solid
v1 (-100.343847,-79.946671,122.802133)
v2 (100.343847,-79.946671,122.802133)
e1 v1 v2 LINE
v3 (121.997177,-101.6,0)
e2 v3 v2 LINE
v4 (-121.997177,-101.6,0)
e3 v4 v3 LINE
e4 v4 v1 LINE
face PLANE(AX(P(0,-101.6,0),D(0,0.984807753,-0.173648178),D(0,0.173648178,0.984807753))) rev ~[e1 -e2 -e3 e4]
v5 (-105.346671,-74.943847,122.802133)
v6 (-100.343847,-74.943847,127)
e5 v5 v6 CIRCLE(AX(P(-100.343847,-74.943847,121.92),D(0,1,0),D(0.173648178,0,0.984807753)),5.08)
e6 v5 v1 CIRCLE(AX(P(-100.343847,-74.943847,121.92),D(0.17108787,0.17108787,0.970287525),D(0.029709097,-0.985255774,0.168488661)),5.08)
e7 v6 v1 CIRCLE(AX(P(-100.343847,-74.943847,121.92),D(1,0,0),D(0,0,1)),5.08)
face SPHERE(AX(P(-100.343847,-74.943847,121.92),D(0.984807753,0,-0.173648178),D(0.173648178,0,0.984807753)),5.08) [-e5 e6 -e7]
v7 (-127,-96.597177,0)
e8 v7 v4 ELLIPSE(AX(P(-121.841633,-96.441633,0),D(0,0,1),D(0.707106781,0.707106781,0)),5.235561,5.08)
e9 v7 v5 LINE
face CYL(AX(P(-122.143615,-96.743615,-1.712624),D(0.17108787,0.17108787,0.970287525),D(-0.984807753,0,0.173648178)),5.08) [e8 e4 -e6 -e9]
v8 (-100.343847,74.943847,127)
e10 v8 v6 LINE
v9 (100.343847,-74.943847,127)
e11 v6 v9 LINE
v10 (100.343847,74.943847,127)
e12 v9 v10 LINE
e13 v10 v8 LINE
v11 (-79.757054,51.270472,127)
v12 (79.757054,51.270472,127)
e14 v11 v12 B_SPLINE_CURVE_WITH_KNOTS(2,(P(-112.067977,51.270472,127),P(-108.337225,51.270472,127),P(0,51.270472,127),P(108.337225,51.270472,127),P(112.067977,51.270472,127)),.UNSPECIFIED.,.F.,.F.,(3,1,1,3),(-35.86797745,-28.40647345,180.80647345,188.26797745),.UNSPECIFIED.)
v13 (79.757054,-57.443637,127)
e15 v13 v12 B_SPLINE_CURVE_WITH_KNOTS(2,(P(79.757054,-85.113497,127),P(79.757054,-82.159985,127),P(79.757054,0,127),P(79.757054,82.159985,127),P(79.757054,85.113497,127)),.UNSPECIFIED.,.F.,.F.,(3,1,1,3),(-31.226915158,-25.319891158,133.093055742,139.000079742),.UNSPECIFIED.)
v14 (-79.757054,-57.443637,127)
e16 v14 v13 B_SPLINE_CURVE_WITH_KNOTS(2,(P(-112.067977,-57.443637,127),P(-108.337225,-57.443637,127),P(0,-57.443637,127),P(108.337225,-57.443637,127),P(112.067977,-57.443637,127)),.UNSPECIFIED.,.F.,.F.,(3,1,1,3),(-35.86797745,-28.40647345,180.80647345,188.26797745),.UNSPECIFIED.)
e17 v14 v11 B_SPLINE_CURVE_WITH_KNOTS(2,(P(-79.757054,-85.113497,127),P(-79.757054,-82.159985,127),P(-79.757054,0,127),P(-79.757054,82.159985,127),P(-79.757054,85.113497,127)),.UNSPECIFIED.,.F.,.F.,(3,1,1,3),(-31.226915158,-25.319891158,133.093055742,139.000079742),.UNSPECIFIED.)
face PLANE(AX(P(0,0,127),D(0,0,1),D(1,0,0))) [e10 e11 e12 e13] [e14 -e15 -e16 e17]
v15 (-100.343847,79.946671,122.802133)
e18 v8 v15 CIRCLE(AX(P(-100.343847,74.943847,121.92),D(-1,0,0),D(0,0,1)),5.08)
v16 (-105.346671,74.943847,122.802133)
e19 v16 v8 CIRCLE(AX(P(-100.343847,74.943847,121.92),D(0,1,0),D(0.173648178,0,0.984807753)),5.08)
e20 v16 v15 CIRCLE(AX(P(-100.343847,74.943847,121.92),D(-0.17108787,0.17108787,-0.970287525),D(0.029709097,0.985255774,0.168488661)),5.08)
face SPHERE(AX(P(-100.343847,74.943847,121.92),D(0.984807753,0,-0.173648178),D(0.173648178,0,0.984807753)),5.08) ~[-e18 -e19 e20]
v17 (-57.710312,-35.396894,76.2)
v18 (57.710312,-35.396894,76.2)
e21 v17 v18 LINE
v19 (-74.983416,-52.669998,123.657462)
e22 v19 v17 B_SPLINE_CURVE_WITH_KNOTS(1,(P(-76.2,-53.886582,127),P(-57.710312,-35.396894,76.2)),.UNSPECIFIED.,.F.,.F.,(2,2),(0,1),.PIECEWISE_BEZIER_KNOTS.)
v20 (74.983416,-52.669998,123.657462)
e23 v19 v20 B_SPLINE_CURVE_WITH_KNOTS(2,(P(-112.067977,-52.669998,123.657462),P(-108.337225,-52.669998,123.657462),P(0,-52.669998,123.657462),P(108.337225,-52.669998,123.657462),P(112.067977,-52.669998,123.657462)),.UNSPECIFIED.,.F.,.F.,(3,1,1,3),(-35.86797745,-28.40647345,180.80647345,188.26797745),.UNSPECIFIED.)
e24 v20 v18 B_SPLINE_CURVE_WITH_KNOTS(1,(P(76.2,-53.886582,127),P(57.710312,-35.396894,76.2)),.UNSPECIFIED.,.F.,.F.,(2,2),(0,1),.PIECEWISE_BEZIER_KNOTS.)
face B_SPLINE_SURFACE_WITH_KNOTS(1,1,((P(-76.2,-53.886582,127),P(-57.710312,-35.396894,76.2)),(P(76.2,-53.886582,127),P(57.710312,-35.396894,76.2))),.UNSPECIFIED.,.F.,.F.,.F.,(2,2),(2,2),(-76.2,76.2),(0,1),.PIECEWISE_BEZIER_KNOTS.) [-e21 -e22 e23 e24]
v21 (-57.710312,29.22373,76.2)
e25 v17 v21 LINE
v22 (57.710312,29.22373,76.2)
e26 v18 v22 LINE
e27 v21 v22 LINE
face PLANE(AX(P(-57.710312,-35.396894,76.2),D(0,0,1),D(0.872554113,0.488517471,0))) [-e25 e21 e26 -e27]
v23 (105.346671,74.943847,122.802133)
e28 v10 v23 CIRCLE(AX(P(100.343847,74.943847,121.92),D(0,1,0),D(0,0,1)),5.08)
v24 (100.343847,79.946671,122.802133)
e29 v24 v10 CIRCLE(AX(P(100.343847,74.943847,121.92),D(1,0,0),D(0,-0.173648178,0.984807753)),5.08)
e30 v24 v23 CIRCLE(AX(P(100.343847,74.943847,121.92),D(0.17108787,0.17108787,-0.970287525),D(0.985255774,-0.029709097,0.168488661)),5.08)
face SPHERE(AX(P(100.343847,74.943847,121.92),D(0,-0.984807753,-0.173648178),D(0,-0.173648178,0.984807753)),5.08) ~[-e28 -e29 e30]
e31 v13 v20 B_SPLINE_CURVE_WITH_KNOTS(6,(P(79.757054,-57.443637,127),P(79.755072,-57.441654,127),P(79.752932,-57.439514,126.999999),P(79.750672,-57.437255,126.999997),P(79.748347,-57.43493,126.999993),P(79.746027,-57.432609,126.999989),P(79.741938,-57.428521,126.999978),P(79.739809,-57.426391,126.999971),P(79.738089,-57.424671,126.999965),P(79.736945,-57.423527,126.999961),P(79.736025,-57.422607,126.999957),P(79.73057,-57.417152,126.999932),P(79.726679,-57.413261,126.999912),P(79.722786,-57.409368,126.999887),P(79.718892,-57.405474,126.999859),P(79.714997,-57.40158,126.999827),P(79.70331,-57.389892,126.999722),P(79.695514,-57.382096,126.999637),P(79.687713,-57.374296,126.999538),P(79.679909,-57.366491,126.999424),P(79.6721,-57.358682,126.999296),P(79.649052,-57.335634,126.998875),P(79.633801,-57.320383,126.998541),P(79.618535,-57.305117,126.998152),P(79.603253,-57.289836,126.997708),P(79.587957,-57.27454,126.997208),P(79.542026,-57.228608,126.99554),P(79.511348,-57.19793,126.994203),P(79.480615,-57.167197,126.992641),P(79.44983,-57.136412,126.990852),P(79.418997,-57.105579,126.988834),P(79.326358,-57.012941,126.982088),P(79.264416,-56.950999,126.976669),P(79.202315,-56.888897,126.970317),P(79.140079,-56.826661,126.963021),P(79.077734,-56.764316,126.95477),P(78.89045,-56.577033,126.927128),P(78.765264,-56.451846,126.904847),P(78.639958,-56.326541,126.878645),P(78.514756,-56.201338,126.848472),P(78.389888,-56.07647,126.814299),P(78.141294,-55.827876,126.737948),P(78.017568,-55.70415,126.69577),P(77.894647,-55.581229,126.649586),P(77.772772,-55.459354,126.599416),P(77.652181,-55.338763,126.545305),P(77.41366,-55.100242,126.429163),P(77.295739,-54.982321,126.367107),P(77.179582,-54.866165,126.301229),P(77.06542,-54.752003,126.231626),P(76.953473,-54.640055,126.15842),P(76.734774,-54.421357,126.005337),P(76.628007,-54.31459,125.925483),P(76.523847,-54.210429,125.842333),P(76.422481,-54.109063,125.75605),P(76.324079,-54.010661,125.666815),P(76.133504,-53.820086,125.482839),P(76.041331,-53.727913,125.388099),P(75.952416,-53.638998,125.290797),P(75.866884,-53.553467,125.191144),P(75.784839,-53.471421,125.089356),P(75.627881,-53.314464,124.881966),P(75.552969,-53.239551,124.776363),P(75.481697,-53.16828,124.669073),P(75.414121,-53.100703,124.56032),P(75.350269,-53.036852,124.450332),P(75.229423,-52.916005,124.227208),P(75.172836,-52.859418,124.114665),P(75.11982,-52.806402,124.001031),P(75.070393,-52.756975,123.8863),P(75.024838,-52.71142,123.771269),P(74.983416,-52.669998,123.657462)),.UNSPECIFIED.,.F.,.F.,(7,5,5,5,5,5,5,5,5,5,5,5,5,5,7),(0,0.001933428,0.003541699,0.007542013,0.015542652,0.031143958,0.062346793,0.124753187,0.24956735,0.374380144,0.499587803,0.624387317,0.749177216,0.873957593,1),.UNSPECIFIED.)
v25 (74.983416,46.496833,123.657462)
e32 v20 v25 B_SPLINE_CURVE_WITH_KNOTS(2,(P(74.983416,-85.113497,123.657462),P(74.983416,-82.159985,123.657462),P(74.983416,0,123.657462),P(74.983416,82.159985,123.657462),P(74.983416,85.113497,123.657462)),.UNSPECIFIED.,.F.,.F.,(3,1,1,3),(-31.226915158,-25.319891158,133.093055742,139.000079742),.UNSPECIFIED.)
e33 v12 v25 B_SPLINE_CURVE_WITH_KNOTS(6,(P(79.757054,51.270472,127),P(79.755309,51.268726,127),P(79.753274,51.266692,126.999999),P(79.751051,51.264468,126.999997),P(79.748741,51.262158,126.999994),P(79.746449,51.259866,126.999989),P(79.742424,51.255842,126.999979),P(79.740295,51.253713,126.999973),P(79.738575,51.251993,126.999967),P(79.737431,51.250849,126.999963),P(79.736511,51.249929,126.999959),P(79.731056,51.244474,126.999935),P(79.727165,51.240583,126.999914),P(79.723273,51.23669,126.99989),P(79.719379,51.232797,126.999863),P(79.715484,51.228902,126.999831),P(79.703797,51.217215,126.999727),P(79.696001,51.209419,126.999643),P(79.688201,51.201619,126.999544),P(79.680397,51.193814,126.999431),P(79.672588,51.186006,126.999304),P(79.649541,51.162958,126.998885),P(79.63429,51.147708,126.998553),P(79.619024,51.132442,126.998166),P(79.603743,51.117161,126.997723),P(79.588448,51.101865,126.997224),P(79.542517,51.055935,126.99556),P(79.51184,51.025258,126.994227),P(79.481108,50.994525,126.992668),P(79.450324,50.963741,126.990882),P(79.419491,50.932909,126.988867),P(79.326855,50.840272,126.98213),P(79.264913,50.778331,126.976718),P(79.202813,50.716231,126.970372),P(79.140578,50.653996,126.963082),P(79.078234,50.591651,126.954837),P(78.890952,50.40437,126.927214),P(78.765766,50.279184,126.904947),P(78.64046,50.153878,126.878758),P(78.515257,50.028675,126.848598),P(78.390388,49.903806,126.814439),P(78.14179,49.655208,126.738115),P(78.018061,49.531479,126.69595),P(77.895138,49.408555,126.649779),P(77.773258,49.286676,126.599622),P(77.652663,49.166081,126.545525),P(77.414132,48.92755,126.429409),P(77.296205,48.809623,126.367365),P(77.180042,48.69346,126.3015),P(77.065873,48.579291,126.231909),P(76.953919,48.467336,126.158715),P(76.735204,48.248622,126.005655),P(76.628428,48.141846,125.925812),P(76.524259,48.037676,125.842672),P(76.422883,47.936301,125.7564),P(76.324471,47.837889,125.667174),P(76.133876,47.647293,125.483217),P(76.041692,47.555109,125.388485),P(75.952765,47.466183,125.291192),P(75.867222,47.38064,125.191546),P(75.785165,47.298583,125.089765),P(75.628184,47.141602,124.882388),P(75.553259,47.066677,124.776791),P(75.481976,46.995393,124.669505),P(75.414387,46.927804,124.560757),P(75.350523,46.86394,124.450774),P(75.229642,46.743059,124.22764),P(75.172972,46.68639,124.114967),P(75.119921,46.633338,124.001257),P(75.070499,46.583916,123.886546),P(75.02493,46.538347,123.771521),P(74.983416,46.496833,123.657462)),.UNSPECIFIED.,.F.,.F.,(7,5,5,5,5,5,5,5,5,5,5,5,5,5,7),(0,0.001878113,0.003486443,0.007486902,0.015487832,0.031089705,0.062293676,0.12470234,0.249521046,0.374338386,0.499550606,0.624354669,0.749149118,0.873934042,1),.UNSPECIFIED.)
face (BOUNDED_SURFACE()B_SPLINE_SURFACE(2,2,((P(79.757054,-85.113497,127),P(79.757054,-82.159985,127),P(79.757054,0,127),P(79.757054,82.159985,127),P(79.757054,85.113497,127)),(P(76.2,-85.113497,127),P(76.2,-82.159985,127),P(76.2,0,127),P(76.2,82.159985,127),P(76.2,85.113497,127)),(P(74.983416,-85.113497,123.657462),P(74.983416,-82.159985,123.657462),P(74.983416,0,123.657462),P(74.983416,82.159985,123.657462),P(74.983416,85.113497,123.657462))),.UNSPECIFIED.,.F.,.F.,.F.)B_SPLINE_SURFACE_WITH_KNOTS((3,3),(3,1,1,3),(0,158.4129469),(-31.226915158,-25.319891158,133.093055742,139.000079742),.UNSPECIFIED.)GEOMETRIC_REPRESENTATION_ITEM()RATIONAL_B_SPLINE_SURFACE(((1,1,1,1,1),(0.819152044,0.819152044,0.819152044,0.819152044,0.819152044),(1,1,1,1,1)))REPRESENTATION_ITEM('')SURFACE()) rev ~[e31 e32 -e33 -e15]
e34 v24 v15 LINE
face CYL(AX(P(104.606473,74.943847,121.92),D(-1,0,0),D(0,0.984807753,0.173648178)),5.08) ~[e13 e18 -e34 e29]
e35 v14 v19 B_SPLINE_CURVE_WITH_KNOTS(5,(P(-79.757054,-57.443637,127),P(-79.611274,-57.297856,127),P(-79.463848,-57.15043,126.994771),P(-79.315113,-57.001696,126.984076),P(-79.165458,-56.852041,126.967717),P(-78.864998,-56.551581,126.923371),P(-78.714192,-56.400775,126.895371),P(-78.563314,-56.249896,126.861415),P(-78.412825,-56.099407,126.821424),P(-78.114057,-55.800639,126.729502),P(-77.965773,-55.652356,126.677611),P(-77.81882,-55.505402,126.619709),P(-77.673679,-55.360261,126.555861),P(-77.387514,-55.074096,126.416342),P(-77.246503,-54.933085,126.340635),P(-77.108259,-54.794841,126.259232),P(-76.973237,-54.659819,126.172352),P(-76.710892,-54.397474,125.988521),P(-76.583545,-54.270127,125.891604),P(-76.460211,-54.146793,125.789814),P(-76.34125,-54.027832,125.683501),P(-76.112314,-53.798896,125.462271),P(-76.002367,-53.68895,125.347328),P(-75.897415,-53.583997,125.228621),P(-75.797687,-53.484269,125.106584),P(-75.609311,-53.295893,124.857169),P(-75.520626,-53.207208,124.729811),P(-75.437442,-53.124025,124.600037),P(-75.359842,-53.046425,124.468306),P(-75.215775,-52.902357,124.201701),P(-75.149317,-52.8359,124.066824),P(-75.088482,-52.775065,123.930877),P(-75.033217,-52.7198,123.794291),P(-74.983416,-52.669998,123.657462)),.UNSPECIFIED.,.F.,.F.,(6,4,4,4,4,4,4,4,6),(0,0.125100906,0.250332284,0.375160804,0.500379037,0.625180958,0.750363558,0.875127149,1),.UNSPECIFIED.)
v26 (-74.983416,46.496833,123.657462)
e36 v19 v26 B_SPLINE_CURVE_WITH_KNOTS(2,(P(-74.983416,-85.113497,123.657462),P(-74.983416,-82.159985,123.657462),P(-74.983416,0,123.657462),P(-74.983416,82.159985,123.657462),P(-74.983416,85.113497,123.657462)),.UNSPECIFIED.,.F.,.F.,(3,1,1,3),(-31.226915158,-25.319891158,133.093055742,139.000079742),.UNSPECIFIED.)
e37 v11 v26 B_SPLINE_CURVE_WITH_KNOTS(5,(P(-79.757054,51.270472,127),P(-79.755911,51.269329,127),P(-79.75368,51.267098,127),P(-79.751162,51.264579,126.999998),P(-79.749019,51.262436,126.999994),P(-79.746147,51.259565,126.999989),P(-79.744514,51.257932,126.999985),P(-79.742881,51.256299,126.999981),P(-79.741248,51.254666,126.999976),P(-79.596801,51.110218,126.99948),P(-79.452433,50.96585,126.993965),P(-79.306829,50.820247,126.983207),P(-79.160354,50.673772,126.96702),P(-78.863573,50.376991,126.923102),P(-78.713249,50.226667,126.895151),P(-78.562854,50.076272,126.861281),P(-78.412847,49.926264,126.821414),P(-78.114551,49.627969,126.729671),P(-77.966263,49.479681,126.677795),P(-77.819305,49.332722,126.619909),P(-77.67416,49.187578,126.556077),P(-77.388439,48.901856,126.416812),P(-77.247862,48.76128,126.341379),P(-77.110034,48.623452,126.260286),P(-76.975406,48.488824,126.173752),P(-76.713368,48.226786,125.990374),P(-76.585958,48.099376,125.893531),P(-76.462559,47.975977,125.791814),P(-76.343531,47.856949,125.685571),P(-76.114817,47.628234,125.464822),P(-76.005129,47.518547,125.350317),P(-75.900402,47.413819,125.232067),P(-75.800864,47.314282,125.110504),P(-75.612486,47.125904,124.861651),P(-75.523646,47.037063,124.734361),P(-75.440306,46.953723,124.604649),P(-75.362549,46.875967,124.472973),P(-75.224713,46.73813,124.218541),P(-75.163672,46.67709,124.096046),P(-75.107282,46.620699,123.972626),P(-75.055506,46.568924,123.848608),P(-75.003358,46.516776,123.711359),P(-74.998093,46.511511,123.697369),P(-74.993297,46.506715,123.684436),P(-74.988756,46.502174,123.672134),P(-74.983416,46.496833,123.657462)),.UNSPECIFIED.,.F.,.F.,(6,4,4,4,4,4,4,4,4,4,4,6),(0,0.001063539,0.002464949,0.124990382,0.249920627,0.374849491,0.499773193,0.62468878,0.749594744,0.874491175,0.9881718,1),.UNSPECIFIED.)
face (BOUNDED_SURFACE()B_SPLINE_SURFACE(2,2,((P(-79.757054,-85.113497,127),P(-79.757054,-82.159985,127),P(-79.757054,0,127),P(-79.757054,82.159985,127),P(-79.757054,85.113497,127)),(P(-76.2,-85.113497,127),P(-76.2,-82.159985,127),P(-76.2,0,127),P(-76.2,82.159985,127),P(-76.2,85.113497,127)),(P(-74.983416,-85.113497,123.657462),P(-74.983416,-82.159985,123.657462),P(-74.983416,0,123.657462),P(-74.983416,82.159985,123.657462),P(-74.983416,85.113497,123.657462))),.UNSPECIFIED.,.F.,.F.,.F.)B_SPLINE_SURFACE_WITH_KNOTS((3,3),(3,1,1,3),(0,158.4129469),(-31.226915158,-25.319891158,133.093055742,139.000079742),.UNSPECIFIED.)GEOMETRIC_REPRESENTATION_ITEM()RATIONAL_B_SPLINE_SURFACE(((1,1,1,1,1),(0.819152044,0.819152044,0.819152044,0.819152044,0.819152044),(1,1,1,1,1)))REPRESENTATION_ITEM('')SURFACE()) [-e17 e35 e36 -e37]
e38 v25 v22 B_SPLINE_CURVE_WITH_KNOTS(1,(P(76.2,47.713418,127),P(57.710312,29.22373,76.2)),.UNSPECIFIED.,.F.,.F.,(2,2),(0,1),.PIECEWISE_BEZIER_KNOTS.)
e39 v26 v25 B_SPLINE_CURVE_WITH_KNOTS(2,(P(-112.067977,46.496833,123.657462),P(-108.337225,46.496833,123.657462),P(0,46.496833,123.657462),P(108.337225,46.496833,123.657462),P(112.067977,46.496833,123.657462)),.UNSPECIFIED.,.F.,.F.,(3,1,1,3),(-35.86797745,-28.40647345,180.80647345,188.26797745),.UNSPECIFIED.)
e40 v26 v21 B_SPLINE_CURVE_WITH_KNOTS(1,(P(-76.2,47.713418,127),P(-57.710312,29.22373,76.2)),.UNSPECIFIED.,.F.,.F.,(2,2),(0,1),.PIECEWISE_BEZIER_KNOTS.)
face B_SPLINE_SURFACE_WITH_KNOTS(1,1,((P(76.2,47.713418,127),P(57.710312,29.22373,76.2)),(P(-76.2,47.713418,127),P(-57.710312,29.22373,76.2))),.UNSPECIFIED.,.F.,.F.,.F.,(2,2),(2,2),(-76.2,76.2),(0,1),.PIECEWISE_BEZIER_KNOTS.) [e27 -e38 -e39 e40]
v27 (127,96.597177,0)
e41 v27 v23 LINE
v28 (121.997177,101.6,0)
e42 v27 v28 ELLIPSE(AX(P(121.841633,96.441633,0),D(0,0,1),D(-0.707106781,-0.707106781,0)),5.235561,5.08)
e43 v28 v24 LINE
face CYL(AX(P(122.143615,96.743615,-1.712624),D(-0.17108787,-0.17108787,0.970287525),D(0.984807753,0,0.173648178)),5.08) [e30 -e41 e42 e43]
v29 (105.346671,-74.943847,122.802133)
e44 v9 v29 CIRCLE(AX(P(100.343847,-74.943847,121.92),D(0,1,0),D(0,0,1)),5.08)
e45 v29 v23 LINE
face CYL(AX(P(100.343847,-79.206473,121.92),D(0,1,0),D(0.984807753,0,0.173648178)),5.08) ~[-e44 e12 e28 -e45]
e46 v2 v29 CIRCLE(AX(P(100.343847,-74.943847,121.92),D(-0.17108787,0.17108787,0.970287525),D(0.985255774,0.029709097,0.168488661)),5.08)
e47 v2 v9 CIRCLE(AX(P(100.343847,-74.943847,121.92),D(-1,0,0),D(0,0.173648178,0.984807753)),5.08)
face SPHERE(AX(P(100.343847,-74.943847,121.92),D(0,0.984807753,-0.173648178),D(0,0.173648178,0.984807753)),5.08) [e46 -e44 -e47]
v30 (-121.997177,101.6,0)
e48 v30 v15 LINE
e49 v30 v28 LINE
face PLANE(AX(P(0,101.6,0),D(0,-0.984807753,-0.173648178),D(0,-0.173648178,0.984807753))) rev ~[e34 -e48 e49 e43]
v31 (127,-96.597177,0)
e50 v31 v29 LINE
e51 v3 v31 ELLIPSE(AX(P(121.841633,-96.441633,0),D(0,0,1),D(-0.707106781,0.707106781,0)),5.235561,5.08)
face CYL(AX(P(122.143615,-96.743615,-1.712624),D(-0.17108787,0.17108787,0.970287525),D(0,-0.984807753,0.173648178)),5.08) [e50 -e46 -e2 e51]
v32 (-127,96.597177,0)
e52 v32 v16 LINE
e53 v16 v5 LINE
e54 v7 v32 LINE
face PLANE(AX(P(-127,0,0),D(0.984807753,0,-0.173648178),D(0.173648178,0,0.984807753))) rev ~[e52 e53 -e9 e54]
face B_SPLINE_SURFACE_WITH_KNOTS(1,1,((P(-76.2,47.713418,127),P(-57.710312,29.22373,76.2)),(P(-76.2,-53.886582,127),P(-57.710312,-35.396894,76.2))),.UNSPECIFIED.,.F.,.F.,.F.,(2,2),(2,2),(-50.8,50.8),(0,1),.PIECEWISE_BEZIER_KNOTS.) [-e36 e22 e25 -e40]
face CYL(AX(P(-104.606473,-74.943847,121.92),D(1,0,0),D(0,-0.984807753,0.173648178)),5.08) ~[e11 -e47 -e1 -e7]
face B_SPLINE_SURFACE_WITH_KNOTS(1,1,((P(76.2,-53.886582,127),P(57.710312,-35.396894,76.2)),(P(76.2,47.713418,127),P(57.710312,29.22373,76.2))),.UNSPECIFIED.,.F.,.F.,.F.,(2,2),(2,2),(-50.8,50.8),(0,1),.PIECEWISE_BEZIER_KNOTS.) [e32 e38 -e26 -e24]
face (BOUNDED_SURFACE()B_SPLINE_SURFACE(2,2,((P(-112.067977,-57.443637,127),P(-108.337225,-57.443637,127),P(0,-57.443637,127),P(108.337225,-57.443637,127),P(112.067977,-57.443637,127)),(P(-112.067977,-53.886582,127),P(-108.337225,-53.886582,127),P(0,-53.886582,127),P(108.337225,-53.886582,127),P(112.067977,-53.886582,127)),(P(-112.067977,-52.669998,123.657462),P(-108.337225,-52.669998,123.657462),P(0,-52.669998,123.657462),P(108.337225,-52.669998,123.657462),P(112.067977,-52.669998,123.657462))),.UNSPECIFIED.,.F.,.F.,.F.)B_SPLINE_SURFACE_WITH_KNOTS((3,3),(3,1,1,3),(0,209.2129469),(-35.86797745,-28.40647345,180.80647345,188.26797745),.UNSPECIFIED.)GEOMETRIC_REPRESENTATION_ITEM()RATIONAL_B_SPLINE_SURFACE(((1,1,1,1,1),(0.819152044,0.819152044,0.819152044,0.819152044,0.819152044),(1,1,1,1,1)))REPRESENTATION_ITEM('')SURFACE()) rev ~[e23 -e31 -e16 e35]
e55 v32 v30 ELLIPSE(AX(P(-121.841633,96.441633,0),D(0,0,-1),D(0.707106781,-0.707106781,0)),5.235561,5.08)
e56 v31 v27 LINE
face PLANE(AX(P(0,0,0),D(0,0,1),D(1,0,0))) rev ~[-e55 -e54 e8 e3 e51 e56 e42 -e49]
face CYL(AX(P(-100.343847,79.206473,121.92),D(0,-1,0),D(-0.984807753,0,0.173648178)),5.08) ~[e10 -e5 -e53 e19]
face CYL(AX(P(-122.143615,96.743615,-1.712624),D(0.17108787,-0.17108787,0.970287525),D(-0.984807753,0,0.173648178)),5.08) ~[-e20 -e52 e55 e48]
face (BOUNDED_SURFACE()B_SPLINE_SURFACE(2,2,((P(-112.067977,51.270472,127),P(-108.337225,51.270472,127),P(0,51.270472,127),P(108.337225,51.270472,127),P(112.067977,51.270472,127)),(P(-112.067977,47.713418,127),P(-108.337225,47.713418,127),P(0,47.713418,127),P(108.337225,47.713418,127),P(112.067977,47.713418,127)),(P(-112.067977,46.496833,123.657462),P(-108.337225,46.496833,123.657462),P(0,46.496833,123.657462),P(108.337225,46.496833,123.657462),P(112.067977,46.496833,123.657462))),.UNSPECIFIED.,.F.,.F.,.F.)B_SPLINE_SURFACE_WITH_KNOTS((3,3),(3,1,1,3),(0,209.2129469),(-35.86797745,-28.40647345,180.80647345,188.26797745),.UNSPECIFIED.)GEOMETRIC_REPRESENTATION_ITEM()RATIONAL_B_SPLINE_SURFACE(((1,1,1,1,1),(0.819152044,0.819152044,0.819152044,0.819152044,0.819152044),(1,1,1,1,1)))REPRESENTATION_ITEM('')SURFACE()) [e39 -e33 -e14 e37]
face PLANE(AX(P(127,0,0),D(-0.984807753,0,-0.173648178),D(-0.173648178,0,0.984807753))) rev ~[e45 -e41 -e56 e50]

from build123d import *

# Parameters (mm, degrees)
F0_W     = 254
F0_H     = 203.2
F1_DEPTH = 127
F1_TAPER = 10
F2_W     = 152.4
F2_H     = 101.6
F3_DEPTH = 50.8
F3_TAPER = 20
F4_R     = 5.08


with BuildPart() as f1:
    # F0 (on Top) → F1 (new body)
    with BuildSketch(Plane.XY):
        Rectangle(F0_W, F0_H)
    extrude(amount=F1_DEPTH, taper=F1_TAPER)

    # F2 (on face) → F3 (cut)
    with BuildSketch(Plane.XY.offset(127)):
        with Locations((0, -3.0865822919)):
            Rectangle(F2_W, F2_H)
    extrude(amount=-F3_DEPTH, taper=F3_TAPER, mode=Mode.SUBTRACT)

    # F4
    f4_edges = [f1.edges().sort_by_distance(p)[0] for p in [
        (104.606473, 0, 127),
        (0, -79.206473, 127),
        (0, 79.206473, 127),
        (-104.606473, 0, 127),
        (76.2, -3.086582, 127),
        (0, 47.713418, 127),
        (-76.2, -3.086582, 127),
        (0, -53.886582, 127),
        (-115.803237, 90.403237, 63.5),
        (115.803237, 90.403237, 63.5),
        (115.803237, -90.403237, 63.5),
        (-115.803237, -90.403237, 63.5),
    ]]
    fillet(f4_edges, radius=F4_R)


solid = f1.part
